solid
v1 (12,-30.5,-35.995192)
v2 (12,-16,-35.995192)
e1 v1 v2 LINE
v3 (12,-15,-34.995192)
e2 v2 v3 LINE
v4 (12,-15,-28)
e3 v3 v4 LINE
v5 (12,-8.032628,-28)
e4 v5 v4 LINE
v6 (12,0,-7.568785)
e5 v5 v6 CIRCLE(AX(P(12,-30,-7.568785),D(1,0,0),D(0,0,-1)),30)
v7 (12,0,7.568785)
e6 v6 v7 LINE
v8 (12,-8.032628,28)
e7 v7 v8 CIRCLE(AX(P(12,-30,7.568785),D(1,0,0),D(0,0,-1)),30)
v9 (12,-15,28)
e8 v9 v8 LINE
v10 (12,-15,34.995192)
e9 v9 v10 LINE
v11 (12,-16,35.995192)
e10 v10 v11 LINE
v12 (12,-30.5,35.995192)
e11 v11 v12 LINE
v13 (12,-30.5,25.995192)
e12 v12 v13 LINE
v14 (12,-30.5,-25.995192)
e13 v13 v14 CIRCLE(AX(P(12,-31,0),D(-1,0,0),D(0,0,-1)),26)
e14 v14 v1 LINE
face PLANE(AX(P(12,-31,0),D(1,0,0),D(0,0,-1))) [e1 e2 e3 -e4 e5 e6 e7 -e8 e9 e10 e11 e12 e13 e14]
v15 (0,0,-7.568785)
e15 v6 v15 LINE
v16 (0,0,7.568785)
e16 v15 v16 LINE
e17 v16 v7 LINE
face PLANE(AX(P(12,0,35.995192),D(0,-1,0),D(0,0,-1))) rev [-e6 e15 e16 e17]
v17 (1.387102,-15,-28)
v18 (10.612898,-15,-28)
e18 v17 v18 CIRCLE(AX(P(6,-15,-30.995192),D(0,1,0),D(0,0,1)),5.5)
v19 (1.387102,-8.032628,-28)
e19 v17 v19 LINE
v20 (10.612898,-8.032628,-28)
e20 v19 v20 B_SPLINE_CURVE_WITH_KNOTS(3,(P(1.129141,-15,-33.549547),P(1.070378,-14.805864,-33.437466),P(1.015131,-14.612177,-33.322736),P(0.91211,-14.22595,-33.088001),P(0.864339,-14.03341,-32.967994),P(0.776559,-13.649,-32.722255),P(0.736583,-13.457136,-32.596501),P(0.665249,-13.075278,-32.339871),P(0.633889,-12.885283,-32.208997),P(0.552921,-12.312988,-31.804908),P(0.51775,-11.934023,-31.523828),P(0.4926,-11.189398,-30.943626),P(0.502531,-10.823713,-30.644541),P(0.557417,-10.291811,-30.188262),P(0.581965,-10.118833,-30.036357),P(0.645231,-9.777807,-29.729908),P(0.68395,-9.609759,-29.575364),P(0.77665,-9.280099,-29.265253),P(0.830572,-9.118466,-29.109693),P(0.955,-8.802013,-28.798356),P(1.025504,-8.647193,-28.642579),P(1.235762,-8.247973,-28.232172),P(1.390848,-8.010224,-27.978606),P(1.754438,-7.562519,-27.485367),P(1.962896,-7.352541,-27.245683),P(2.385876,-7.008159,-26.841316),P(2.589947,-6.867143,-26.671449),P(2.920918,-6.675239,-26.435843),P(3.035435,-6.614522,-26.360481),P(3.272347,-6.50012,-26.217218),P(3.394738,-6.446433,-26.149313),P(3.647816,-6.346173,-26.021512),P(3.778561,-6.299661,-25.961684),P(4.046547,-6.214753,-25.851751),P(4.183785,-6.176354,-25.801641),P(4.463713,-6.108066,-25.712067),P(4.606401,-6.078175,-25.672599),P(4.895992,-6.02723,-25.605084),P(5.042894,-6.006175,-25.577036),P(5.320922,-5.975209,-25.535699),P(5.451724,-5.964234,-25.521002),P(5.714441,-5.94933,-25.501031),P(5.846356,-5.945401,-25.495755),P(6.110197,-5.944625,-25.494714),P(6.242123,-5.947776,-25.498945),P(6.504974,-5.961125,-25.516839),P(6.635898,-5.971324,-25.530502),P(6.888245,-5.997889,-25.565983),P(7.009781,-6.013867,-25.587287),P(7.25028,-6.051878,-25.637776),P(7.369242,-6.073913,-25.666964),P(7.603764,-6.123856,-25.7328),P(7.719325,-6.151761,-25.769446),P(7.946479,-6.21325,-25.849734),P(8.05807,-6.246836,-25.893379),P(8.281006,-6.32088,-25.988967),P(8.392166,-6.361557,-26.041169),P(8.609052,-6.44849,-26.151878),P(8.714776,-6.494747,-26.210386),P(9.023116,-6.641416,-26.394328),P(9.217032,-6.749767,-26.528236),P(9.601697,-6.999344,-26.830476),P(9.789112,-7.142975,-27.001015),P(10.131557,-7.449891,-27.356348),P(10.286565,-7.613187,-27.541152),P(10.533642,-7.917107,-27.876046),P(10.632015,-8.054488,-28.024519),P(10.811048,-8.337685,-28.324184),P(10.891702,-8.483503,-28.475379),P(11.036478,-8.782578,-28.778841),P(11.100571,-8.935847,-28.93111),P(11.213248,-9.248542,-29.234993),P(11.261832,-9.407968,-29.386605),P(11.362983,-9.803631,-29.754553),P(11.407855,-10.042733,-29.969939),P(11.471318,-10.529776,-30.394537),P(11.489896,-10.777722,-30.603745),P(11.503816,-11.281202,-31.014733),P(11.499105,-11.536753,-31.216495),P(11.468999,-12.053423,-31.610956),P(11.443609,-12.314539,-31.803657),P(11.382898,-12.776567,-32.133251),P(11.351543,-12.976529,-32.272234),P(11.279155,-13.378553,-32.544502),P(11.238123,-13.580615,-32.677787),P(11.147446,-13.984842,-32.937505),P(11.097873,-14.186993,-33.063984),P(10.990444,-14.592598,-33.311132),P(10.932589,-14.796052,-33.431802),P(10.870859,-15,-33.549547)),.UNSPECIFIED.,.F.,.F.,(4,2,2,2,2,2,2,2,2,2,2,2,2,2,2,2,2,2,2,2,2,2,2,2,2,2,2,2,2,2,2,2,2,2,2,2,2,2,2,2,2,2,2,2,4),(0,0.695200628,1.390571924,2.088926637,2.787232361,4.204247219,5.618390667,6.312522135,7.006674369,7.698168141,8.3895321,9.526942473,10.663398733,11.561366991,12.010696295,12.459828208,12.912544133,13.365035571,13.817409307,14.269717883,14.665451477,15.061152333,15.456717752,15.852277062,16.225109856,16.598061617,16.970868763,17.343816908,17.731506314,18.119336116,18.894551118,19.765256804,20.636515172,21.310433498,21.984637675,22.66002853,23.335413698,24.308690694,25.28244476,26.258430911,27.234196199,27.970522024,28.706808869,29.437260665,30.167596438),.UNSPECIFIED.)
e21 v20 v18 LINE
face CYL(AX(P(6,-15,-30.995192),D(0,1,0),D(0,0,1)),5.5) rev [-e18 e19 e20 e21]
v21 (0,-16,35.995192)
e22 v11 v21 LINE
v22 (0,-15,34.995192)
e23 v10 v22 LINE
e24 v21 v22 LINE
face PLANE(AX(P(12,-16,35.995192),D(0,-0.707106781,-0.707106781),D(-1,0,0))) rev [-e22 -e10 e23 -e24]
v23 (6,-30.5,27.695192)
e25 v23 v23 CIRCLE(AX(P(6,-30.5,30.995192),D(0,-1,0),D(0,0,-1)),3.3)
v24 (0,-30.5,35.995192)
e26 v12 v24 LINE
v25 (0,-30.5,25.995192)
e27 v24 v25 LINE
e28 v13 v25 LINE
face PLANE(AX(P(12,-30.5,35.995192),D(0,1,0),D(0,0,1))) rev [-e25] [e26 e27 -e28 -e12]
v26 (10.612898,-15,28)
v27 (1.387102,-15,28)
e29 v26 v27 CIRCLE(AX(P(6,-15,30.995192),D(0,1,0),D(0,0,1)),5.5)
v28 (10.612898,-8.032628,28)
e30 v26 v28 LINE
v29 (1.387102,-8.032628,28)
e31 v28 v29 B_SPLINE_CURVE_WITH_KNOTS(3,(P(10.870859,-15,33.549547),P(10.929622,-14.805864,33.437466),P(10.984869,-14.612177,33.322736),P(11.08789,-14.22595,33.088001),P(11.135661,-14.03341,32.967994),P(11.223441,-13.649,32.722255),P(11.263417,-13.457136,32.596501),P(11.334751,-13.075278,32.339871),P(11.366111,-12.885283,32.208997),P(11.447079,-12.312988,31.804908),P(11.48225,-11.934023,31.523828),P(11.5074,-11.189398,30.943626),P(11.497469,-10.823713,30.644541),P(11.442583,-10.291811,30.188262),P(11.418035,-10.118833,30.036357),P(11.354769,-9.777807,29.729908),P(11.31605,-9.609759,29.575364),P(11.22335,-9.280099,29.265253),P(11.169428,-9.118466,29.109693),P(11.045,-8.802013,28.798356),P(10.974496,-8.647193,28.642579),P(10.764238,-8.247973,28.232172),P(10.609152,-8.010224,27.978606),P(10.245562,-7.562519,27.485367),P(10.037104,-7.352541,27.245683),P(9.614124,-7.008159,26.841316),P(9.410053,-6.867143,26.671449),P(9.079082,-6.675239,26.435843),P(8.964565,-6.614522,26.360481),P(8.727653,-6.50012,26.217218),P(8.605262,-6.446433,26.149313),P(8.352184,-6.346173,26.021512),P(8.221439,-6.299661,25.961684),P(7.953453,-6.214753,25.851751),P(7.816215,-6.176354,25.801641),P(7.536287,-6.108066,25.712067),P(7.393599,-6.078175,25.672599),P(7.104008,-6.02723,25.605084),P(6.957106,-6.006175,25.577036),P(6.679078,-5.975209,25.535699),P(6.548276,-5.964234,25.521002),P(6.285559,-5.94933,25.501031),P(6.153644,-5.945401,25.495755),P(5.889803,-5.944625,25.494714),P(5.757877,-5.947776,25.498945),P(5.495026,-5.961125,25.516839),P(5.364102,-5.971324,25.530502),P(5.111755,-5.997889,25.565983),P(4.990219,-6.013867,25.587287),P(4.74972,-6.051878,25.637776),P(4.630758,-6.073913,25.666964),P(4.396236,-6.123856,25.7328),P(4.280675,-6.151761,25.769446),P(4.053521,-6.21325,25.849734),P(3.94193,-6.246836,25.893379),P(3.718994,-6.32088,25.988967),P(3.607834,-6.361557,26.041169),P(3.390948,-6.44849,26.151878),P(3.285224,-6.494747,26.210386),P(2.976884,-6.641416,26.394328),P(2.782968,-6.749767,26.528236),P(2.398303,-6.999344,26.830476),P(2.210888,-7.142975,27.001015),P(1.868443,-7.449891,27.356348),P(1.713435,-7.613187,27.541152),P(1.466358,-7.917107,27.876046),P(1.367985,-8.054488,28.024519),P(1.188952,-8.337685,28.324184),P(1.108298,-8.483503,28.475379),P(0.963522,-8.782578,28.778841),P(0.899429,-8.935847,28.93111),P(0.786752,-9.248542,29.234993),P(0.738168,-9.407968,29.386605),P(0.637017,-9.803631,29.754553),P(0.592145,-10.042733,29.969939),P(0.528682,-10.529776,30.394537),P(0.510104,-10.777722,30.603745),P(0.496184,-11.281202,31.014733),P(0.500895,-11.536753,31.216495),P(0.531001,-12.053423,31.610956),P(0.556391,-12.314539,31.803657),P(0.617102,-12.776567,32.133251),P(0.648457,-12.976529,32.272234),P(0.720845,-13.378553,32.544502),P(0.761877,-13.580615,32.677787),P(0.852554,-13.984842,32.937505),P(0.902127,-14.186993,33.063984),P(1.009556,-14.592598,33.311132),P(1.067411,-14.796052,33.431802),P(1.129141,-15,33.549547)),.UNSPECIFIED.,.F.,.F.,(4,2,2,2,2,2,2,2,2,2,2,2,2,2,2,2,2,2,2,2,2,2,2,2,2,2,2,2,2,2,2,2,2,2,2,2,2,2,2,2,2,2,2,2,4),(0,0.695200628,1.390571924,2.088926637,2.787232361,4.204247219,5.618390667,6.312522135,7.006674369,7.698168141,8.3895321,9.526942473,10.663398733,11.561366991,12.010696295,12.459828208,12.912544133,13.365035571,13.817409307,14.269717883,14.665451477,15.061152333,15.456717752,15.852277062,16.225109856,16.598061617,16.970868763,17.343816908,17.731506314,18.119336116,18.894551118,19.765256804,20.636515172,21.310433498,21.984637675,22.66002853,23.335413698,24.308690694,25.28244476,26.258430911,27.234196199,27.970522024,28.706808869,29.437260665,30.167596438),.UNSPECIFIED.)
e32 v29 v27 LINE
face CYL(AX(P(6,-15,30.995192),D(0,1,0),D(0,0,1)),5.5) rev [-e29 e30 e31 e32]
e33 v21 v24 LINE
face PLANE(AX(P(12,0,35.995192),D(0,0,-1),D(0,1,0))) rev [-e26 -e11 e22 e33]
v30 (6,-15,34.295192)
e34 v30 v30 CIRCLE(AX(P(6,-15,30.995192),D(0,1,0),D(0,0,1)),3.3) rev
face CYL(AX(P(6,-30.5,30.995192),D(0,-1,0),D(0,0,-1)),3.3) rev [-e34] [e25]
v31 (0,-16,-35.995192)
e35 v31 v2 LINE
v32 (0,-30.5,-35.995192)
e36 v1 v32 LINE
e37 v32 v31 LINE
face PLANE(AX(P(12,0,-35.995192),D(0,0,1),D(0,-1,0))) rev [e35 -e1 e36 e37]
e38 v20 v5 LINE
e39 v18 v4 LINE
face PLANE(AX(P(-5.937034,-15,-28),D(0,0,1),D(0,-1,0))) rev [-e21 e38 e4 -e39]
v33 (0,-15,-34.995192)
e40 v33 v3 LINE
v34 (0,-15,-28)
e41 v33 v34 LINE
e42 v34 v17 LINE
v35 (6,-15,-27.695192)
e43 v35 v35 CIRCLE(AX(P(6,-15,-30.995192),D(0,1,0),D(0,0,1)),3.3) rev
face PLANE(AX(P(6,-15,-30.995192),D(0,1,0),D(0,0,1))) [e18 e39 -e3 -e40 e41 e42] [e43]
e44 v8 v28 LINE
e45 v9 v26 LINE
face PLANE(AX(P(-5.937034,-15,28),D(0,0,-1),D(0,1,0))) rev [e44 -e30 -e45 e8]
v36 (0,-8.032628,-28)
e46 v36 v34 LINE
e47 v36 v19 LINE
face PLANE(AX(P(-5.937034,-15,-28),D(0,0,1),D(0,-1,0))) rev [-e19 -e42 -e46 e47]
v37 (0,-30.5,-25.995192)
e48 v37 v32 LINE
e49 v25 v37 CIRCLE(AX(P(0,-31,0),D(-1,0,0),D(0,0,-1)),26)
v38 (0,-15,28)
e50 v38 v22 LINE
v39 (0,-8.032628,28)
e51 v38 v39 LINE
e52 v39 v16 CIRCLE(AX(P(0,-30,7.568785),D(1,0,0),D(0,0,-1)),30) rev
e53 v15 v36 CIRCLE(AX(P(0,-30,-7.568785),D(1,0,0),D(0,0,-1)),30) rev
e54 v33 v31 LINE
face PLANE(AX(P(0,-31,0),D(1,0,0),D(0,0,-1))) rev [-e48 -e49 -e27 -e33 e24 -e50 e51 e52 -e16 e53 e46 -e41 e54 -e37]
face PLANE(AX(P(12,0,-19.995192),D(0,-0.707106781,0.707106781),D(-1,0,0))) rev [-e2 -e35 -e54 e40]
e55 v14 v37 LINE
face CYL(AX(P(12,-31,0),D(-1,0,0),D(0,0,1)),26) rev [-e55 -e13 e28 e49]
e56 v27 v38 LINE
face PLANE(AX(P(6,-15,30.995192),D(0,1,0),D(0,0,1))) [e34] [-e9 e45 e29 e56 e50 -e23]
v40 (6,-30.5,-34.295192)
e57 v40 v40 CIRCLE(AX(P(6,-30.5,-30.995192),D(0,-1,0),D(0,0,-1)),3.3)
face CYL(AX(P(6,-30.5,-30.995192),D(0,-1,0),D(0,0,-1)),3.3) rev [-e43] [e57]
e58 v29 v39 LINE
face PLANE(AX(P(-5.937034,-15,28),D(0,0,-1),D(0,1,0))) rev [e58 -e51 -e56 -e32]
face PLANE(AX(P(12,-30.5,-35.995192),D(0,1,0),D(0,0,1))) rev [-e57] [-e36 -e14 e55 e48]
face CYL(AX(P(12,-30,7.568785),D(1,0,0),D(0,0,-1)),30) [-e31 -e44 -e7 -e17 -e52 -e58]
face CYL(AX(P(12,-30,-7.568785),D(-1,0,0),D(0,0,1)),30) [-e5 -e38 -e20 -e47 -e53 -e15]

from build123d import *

# Parameters (mm, degrees)
BOSS_EXTRUDE1_DEPTH  = 12
CHAMFER1_SIZE        = 16
FILLET1_R            = 30
M6_CLEARANCE_HOLE1_D = 6.6
SKETCH4_R            = 5.5
CUT_EXTRUDE1_DEPTH   = 15
SKETCH5_W            = 23.874068734
SKETCH5_H            = 12.946873537
CUT_EXTRUDE2_DEPTH   = 15


with BuildPart() as part:
    # Sketch1 → Boss-Extrude1 (new body)
    with BuildSketch(Plane(origin=(0, 0, 0), x_dir=(0, 0, -1), z_dir=(1, 0, 0))):
        with BuildLine():
            Line((-35.995191863, 0), (35.995191863, 0))
            Line((35.995191863, 0), (35.995191863, -30.5))
            Line((35.995191863, -30.5), (25.995191863, -30.5))
            ThreePointArc((25.995191863, -30.5), (0, -5), (-25.995191863, -30.5))
            Line((-25.995191863, -30.5), (-35.995191863, -30.5))
            Line((-35.995191863, -30.5), (-35.995191863, 0))
        make_face()
    extrude(amount=BOSS_EXTRUDE1_DEPTH)

    # Chamfer1
    chamfer1_edges = [part.edges().sort_by_distance(p)[0] for p in [
        (6, 0, 35.995191863),
        (6, 0, -35.995191863),
    ]]
    chamfer(chamfer1_edges, length=CHAMFER1_SIZE)

    # Fillet1
    fillet1_edges = [part.edges().sort_by_distance(p)[0] for p in [
        (6, 0, 19.995191863),
        (6, 0, -19.995191863),
    ]]
    fillet(fillet1_edges, radius=FILLET1_R)

    # M6 Clearance Hole1 (through all)
    with Locations(Plane(origin=(0, -30.5, 0), x_dir=(-1, 0, 0), z_dir=(0, -1, 0))):
        with Locations((-6, -30.995191863), (-6, 30.995191863)):
            Hole(M6_CLEARANCE_HOLE1_D / 2)

    # Sketch4 → Cut-Extrude1 (cut)
    with BuildSketch(Plane(origin=(0, 0, 0), x_dir=(1, 0, 0), z_dir=(0, 1, 0))):
        with Locations((6, -30.995191863)):
            Circle(SKETCH4_R)
        with Locations((6, 30.995191863)):
            Circle(SKETCH4_R)
    extrude(amount=-CUT_EXTRUDE1_DEPTH, mode=Mode.SUBTRACT)

    # Sketch5 → Cut-Extrude2 (cut)
    with BuildSketch(Plane(origin=(0, 0, 0), x_dir=(1, 0, 0), z_dir=(0, 1, 0))):
        with Locations((6, -34.473436769)):
            Rectangle(SKETCH5_W, SKETCH5_H)
        with Locations((6, 34.473436769)):
            Rectangle(SKETCH5_W, SKETCH5_H)
    extrude(amount=-CUT_EXTRUDE2_DEPTH, mode=Mode.SUBTRACT)


solid = part.part
